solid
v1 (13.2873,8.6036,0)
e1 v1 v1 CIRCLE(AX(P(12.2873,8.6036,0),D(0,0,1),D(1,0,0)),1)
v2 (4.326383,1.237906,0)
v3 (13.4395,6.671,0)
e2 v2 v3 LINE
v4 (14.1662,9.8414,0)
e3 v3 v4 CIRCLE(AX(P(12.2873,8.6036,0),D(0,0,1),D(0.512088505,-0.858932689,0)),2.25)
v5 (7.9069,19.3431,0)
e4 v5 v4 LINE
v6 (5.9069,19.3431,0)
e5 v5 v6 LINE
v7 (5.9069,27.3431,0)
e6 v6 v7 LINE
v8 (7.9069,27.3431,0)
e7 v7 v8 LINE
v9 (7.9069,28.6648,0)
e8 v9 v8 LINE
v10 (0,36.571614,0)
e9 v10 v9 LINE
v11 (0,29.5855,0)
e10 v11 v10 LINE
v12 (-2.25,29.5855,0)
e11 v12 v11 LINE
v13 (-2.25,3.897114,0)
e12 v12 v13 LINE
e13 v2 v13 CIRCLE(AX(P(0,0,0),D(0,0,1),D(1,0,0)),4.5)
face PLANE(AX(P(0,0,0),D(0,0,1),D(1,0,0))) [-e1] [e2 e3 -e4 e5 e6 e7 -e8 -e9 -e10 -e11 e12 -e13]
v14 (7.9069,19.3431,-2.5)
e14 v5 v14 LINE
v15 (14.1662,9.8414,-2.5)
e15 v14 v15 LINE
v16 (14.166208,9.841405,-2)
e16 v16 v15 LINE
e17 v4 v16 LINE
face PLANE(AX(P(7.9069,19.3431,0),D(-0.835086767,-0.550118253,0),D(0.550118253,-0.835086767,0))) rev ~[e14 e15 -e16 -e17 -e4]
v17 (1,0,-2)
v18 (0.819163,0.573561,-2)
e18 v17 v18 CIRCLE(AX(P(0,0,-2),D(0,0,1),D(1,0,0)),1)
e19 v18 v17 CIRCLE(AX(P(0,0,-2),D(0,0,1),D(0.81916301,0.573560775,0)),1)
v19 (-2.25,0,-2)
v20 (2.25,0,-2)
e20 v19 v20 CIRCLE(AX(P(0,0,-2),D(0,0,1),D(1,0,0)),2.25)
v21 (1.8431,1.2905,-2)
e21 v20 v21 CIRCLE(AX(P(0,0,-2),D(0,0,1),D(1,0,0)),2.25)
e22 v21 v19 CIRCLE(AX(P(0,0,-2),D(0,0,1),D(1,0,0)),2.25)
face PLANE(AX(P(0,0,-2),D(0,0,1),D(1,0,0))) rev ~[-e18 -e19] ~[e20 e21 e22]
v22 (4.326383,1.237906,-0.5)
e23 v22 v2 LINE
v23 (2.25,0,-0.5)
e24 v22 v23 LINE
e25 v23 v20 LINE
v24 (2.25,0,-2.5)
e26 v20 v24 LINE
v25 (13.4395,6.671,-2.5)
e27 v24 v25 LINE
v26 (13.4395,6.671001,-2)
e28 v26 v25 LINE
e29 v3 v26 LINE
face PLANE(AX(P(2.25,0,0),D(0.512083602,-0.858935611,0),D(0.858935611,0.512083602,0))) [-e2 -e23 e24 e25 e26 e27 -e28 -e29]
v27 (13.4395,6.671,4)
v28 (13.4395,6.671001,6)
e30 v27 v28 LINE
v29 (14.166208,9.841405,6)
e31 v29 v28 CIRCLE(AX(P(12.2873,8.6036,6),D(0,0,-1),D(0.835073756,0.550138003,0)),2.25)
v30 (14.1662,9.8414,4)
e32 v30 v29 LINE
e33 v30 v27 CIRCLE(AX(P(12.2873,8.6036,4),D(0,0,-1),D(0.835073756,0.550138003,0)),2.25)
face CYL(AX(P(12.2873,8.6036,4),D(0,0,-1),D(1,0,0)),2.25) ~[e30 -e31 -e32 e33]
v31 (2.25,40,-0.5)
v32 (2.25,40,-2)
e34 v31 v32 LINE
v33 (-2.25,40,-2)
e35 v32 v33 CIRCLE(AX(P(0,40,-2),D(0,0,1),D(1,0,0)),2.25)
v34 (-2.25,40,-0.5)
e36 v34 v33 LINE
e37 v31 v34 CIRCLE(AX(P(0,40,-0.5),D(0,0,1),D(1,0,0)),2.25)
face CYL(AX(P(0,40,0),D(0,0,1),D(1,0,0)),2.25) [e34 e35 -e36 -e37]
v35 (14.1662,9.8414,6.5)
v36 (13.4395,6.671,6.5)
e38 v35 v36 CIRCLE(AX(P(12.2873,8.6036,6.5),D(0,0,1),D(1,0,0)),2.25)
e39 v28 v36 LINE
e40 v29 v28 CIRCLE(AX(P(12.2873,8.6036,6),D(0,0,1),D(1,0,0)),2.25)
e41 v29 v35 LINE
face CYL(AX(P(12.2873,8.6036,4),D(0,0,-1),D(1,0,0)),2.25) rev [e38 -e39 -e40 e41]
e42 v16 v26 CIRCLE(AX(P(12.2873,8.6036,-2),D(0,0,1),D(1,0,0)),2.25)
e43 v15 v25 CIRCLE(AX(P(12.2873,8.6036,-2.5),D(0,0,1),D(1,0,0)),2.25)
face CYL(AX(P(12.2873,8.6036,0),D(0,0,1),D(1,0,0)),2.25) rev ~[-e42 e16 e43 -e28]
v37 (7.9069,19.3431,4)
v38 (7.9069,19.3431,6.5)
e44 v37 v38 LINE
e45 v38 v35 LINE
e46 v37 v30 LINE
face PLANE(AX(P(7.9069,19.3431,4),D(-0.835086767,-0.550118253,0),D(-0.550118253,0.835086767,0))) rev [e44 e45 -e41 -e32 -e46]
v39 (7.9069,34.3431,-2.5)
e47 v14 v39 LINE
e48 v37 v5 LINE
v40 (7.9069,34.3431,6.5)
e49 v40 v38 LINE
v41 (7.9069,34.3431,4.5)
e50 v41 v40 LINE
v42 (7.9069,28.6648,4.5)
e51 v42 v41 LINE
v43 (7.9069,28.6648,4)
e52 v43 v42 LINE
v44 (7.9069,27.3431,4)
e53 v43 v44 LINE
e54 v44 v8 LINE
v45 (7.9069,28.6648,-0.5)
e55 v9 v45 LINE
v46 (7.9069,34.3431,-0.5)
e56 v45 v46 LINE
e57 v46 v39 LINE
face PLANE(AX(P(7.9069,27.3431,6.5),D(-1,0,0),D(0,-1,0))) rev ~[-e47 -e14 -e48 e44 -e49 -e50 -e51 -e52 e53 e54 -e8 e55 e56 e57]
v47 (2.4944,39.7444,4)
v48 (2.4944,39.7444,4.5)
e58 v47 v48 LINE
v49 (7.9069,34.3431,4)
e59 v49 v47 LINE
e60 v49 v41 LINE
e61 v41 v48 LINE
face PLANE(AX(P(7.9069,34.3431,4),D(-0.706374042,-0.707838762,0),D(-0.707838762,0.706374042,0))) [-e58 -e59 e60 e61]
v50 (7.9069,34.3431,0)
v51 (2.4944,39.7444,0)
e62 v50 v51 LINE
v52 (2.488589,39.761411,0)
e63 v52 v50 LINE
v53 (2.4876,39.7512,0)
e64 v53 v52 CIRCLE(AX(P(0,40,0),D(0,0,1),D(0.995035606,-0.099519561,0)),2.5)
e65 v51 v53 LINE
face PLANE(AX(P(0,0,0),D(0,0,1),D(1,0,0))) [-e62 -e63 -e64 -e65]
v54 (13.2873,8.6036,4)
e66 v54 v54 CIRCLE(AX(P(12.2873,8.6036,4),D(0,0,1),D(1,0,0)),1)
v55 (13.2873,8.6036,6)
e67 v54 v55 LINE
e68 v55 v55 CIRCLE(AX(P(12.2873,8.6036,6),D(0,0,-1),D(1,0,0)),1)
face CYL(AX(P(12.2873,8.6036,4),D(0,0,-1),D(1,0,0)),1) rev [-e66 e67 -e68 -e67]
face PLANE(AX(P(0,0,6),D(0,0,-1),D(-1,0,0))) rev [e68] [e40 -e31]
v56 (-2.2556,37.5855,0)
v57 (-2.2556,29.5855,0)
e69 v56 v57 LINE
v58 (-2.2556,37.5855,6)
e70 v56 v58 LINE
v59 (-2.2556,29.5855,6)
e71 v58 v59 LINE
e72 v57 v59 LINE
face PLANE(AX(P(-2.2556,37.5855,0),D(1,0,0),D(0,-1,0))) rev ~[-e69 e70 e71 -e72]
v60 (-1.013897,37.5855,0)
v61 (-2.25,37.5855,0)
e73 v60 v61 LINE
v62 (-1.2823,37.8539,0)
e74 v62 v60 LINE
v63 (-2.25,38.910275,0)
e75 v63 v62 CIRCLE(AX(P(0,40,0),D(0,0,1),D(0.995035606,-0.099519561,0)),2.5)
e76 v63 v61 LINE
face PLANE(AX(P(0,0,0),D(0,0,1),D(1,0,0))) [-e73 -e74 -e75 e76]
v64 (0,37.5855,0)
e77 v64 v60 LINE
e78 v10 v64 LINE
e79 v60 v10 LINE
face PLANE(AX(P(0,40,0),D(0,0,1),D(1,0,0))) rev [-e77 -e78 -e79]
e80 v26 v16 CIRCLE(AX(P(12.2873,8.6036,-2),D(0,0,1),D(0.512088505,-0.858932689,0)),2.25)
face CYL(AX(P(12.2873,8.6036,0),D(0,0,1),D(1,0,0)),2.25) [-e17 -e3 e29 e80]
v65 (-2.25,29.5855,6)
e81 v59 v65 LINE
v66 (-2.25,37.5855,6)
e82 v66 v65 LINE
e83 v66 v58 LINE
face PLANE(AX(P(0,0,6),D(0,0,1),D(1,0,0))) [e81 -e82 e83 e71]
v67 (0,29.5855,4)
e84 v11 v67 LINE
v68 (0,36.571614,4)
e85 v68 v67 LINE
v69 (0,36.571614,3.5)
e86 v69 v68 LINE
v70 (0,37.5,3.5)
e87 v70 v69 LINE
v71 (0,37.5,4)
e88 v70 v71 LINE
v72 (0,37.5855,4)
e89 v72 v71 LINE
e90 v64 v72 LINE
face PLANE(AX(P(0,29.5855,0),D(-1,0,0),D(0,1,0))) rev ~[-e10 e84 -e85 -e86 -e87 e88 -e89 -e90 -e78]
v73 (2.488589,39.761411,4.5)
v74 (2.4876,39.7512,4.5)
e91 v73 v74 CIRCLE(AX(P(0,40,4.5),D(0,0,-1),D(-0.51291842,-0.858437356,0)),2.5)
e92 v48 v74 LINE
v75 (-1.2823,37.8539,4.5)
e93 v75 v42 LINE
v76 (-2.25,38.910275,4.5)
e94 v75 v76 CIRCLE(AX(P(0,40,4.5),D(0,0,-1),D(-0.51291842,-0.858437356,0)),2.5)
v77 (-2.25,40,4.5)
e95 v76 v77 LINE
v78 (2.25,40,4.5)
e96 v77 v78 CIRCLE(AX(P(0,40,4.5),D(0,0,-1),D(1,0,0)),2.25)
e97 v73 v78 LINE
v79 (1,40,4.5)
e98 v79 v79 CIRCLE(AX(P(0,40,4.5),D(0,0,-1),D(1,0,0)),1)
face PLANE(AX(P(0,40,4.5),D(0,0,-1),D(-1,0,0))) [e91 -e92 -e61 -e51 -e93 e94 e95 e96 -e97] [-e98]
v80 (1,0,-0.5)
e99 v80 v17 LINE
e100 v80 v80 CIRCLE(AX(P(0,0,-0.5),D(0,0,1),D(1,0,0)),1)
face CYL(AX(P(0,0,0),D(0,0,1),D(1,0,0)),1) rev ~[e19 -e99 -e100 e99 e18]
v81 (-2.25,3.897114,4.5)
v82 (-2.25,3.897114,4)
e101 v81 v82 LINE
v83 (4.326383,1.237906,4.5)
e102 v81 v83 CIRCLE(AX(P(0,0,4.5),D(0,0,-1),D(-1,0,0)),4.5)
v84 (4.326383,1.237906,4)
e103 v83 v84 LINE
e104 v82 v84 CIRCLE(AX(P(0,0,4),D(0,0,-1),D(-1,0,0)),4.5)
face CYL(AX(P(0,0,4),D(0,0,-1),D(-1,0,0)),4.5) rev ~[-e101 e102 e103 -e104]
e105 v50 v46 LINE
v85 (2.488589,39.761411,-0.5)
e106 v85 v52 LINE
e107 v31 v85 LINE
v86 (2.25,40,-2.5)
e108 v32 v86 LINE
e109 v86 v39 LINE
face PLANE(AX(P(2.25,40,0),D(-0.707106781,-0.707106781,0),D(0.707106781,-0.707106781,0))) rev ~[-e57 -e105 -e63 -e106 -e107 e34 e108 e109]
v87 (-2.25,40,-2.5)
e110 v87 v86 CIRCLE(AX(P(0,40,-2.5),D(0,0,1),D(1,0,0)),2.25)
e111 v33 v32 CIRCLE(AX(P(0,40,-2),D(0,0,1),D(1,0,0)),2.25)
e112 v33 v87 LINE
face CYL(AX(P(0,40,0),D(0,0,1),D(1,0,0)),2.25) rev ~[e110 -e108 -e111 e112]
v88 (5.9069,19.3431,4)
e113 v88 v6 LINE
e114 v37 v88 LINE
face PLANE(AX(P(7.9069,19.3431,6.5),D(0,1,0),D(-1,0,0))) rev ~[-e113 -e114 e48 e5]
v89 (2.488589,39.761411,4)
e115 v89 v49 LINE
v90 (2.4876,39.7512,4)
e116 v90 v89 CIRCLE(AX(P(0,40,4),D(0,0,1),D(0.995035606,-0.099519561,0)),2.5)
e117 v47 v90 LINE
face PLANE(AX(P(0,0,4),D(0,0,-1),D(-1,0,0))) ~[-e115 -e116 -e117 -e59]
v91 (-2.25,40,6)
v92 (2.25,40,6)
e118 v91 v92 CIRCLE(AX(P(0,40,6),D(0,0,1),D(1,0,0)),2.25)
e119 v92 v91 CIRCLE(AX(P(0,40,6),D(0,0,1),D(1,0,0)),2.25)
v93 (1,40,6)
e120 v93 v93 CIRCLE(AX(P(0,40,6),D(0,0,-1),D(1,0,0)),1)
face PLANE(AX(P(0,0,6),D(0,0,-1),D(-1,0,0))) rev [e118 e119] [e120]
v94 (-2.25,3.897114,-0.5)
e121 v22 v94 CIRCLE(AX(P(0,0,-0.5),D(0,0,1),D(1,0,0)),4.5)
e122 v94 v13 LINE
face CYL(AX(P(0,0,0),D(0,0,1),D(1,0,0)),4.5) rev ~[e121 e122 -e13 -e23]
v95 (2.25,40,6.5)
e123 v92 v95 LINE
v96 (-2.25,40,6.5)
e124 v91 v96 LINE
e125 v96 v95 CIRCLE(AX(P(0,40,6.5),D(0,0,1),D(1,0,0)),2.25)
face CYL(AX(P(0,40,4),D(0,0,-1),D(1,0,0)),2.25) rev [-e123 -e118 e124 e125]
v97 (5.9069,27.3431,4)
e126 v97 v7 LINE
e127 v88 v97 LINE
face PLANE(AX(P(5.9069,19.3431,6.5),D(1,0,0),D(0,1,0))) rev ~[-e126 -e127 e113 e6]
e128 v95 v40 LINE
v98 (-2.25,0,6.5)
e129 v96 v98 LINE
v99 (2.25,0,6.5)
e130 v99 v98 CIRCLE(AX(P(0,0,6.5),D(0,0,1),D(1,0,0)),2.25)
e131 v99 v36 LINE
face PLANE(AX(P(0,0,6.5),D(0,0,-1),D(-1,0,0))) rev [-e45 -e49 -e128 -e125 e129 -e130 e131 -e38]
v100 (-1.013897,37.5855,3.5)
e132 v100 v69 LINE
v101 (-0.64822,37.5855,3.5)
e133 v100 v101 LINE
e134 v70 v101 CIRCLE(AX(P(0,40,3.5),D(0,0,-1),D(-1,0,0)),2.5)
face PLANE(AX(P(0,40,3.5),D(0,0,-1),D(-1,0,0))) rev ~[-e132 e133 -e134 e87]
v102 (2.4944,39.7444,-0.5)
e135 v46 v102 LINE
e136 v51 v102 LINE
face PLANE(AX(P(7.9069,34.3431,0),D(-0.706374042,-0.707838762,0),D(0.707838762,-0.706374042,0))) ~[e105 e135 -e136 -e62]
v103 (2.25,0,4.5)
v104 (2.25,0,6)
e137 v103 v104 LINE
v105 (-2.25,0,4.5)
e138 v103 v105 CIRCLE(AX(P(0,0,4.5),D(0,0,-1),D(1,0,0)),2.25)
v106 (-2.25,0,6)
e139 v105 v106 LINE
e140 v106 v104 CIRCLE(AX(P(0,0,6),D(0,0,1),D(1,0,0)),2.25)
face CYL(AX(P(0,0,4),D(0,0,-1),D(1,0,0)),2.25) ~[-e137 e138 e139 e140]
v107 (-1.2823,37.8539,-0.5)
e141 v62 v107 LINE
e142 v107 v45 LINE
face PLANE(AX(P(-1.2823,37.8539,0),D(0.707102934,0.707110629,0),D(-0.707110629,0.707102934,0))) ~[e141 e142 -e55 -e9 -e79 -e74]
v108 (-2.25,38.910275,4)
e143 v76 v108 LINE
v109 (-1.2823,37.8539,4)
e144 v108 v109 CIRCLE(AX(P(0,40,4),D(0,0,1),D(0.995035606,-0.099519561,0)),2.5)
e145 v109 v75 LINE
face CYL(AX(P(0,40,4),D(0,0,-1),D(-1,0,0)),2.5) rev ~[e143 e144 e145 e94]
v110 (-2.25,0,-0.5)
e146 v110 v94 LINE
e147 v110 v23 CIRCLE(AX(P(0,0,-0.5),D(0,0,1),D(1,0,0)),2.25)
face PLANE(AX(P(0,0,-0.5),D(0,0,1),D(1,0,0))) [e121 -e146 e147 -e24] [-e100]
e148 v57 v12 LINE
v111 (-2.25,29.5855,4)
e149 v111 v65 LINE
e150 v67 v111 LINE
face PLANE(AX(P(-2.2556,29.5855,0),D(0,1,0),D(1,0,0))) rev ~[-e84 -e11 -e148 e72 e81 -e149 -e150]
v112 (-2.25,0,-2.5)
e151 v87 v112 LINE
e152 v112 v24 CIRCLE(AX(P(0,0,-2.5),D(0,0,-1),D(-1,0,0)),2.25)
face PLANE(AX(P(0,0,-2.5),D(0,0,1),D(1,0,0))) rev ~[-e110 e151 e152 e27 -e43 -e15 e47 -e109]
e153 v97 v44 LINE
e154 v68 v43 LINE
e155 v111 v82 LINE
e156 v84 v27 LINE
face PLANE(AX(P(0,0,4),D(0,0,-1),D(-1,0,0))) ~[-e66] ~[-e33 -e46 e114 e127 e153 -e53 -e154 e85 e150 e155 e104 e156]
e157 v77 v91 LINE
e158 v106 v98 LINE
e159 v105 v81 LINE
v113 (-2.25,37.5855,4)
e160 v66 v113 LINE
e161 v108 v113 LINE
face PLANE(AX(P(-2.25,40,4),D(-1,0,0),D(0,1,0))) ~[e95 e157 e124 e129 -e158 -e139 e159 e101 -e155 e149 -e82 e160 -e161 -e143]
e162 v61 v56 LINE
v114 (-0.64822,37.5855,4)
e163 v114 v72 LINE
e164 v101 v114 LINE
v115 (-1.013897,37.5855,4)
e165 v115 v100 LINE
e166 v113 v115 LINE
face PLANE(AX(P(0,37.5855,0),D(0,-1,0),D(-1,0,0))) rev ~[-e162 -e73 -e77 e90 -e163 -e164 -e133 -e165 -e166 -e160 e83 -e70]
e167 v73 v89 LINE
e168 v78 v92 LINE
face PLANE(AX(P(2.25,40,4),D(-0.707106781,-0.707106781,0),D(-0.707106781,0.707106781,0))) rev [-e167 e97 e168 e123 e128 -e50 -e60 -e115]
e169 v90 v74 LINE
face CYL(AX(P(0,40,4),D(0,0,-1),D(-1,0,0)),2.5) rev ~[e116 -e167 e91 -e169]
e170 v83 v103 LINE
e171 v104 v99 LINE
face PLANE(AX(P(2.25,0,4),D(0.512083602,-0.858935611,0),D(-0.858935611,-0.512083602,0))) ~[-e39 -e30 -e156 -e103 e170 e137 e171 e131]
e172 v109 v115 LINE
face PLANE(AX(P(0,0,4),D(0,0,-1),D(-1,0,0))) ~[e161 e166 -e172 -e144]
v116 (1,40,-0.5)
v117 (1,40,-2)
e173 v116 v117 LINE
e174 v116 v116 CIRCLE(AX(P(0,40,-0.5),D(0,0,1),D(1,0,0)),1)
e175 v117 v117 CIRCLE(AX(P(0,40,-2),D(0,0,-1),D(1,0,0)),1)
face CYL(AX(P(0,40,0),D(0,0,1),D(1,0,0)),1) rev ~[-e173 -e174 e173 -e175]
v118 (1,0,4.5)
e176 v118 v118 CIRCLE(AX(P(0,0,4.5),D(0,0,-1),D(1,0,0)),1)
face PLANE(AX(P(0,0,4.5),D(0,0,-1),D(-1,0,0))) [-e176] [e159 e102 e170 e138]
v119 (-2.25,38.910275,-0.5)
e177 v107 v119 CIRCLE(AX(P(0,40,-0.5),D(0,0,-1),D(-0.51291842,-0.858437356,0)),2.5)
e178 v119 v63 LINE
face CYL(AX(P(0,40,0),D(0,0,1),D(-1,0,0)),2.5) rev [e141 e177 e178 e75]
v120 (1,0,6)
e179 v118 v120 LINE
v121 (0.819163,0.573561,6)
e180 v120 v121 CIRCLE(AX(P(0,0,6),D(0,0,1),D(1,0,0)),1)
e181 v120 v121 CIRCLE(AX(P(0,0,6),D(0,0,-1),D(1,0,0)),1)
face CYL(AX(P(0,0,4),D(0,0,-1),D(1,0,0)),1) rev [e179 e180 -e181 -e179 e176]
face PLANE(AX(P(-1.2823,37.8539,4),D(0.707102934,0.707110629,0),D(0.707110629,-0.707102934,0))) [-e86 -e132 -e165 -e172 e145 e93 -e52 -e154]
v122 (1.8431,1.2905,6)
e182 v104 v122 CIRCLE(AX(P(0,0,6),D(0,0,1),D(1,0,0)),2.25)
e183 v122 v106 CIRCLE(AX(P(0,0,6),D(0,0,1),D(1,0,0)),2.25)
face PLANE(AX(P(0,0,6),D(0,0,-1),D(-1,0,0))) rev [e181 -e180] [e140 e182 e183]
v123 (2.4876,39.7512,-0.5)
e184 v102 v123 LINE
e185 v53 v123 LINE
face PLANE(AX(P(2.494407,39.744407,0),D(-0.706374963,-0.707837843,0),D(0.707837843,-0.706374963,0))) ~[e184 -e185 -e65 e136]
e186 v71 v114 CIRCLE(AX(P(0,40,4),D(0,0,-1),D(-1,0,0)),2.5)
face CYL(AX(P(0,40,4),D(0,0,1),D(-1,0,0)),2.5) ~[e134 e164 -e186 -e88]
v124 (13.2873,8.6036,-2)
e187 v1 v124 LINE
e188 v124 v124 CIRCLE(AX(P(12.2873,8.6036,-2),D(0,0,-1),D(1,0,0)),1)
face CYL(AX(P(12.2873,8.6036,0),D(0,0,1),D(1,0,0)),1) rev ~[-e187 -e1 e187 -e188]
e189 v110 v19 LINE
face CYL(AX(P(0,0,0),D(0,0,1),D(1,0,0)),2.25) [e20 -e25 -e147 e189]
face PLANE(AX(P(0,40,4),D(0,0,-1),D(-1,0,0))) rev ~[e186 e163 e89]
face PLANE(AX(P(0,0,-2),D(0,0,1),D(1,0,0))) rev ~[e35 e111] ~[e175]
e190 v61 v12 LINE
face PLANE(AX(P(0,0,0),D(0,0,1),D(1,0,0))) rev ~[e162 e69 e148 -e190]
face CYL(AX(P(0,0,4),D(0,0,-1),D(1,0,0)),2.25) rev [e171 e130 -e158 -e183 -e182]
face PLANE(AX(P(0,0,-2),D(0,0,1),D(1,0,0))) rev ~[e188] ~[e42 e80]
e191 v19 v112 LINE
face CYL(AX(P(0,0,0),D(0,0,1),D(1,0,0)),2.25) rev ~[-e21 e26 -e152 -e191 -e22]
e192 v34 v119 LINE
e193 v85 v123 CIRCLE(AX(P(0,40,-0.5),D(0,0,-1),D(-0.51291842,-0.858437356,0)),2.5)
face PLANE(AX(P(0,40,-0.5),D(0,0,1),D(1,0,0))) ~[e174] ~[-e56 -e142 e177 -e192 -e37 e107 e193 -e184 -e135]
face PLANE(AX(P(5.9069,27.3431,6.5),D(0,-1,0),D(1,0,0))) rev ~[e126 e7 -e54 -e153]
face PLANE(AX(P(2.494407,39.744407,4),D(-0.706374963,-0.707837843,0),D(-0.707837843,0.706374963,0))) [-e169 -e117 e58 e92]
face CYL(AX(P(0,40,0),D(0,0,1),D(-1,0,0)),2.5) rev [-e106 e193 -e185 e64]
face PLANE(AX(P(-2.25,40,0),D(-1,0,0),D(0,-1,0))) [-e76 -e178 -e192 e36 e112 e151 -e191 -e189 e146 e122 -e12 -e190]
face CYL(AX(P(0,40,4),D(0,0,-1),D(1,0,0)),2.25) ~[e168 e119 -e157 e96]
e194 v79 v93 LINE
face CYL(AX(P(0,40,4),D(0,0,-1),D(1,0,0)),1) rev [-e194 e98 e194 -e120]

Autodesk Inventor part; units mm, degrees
ref_plane "YZ Plane" through (0, 0, 0) normal (1, 0, 0) x (0, 1, 0)
sketch "Sketch1" plane through (0, 0, 0) normal (0, 0, 1) x (1, 0, 0)
  circle A0 centre (0, 0) radius 1
  circle A1 centre (0, 0) radius 2.25
  circle A2 centre (0, 40) radius 1
  circle A3 centre (0, 40) radius 2.25
  line L0 (-2.25, 40) -> (-2.25, 0)
  line L1 (0, 0) -> (15, 0) construction
  line L2 (12.2873, 8.6036) -> (11.2873, 8.6036)
  circle A4 centre (12.2873, 8.6036) radius 1
  circle A5 centre (12.2873, 8.6036) radius 2.25
  line L3 (2.25, 0) -> (13.4395, 6.671)
  line L4 (2.25, 40) -> (7.9069, 34.3431)
  line L5 (7.9069, 34.3431) -> (7.9069, 19.3431)
  line L6 (7.9069, 19.3431) -> (14.1662, 9.8414)
  line L7 (0, 0) -> (0, 1)
  line L8 (0, 39) -> (0, 40)
  line L9 (0, 0) -> (1.8431, 1.2905)
  line L10 (11.4681, 8.0301) -> (12.2873, 8.6036)
  dimension "d5" = 2
  dimension "d7" = 2
  dimension "d0" = 40
  dimension "d6" = 4.5
  dimension "d8" = 4.5
  dimension "d9" = 15
  dimension "d11" = 2
  dimension "d12" = 4.5
  dimension "d13" = 8
  dimension "d15" = 15
ref_plane "Work Plane1" through (0, 0, 2) normal (0, 0, 1) x (1, 0, 0)
extrude "Extrusion1" add sketch "Sketch1" against normal blind 2.5 contours A1 L0 A3 L4 L5 L6 A5 L3
extrude "Extrusion2" add sketch "Sketch1" against normal blind 2 contours A1 | A5 | A3
mirror "Mirror1" about plane through (0, 0, 2) normal (0, 0, 1) of "Extrusion1", "Extrusion2"
sketch "Sketch2" plane through (0, 0, 0) normal (0, 0, 1) x (1, 0, 0)
  line L0 (0, 37.5855) -> (-2.2556, 37.5855)
  line L1 (-2.2556, 37.5855) -> (-2.2556, 29.5855)
  line L2 (-2.2556, 29.5855) -> (0, 29.5855)
  line L3 (0, 29.5855) -> (0, 37.5855)
  point P0 (0, 0)
  dimension "d21" = 8
extrude "Extrusion3" add sketch "Sketch2" along normal blind 6
sketch "Sketch3" plane through (0, 0, 6.5) normal (0, 0, 1) x (1, 0, 0)
  line L0 (7.9069, 19.3431) -> (5.9069, 19.3431)
  line L1 (5.9069, 19.3431) -> (5.9069, 27.3431)
  line L2 (5.9069, 27.3431) -> (7.9069, 27.3431)
  line L3 (7.9069, 27.3431) -> (7.9069, 19.3431)
  point P0 (0, 0)
  dimension "d24" = 2
  dimension "d25" = 8
extrude "Extrusion4" add sketch "Sketch3" against normal blind 9
sketch "Sketch6" plane through (0, 0, 4) normal (0, 0, -1) x (-1, 0, 0)
  circle A0 centre (0, 0) radius 4.5
  dimension "d33" = 9
extrude "Extrusion7" cut sketch "Sketch6" against normal blind 0.5
sketch "Sketch7" plane through (0, 0, 0) normal (0, 0, 1) x (1, 0, 0)
  circle A0 centre (0, 0) radius 4.5
  dimension "d36" = 9
extrude "Extrusion8" cut sketch "Sketch7" against normal blind 0.5
sketch "Sketch8" plane through (0, 40, 4) normal (0, 0, -1) x (-1, 0, 0)
  circle A0 centre (0, 0) radius 2.5
  circle A1 centre (0, 0) radius 2.5
  line L0 (-7.9069, -5.6569) -> (-2.4944, -0.2556)
  arc A2 (-2.4876, -0.2488) -> (-1.7678, -1.7678) centre (0, 0) ccw
  arc A3 (-2.4876, -0.2488) -> (-1.7678, -1.7678) centre (0, 0) ccw
  line L1 (-7.9069, -5.6569) -> (-2.4876, -0.2488)
  line L2 (-7.9069, -5.6569) -> (-7.9069, -7.9069)
  line L3 (1.2823, -2.1461) -> (-7.9069, -11.3352)
  line L4 (-7.9069, -12.6569) -> (-7.9069, -5.6569) projected
  point P0 (0, -40)
  dimension "d39" = 5
extrude "Extrusion9" cut sketch "Sketch8" against normal blind 0.5
ref_plane "Work Plane2" through (0, 0, 2) normal (0, 0, -1) x (-1, 0, 0)
mirror "Mirror2" about plane through (0, 0, 2) normal (0, 0, -1) of "Extrusion9"
extrude "Extrusion10" cut sketch "Sketch8" along normal blind 0.5 contours A0 L3 L4 L2 L0 L1
mirror "Mirror3" about plane through (0, 0, 2) normal (0, 0, -1) of "Extrusion9"
properties part number "Pinky_Lower_main_1"
